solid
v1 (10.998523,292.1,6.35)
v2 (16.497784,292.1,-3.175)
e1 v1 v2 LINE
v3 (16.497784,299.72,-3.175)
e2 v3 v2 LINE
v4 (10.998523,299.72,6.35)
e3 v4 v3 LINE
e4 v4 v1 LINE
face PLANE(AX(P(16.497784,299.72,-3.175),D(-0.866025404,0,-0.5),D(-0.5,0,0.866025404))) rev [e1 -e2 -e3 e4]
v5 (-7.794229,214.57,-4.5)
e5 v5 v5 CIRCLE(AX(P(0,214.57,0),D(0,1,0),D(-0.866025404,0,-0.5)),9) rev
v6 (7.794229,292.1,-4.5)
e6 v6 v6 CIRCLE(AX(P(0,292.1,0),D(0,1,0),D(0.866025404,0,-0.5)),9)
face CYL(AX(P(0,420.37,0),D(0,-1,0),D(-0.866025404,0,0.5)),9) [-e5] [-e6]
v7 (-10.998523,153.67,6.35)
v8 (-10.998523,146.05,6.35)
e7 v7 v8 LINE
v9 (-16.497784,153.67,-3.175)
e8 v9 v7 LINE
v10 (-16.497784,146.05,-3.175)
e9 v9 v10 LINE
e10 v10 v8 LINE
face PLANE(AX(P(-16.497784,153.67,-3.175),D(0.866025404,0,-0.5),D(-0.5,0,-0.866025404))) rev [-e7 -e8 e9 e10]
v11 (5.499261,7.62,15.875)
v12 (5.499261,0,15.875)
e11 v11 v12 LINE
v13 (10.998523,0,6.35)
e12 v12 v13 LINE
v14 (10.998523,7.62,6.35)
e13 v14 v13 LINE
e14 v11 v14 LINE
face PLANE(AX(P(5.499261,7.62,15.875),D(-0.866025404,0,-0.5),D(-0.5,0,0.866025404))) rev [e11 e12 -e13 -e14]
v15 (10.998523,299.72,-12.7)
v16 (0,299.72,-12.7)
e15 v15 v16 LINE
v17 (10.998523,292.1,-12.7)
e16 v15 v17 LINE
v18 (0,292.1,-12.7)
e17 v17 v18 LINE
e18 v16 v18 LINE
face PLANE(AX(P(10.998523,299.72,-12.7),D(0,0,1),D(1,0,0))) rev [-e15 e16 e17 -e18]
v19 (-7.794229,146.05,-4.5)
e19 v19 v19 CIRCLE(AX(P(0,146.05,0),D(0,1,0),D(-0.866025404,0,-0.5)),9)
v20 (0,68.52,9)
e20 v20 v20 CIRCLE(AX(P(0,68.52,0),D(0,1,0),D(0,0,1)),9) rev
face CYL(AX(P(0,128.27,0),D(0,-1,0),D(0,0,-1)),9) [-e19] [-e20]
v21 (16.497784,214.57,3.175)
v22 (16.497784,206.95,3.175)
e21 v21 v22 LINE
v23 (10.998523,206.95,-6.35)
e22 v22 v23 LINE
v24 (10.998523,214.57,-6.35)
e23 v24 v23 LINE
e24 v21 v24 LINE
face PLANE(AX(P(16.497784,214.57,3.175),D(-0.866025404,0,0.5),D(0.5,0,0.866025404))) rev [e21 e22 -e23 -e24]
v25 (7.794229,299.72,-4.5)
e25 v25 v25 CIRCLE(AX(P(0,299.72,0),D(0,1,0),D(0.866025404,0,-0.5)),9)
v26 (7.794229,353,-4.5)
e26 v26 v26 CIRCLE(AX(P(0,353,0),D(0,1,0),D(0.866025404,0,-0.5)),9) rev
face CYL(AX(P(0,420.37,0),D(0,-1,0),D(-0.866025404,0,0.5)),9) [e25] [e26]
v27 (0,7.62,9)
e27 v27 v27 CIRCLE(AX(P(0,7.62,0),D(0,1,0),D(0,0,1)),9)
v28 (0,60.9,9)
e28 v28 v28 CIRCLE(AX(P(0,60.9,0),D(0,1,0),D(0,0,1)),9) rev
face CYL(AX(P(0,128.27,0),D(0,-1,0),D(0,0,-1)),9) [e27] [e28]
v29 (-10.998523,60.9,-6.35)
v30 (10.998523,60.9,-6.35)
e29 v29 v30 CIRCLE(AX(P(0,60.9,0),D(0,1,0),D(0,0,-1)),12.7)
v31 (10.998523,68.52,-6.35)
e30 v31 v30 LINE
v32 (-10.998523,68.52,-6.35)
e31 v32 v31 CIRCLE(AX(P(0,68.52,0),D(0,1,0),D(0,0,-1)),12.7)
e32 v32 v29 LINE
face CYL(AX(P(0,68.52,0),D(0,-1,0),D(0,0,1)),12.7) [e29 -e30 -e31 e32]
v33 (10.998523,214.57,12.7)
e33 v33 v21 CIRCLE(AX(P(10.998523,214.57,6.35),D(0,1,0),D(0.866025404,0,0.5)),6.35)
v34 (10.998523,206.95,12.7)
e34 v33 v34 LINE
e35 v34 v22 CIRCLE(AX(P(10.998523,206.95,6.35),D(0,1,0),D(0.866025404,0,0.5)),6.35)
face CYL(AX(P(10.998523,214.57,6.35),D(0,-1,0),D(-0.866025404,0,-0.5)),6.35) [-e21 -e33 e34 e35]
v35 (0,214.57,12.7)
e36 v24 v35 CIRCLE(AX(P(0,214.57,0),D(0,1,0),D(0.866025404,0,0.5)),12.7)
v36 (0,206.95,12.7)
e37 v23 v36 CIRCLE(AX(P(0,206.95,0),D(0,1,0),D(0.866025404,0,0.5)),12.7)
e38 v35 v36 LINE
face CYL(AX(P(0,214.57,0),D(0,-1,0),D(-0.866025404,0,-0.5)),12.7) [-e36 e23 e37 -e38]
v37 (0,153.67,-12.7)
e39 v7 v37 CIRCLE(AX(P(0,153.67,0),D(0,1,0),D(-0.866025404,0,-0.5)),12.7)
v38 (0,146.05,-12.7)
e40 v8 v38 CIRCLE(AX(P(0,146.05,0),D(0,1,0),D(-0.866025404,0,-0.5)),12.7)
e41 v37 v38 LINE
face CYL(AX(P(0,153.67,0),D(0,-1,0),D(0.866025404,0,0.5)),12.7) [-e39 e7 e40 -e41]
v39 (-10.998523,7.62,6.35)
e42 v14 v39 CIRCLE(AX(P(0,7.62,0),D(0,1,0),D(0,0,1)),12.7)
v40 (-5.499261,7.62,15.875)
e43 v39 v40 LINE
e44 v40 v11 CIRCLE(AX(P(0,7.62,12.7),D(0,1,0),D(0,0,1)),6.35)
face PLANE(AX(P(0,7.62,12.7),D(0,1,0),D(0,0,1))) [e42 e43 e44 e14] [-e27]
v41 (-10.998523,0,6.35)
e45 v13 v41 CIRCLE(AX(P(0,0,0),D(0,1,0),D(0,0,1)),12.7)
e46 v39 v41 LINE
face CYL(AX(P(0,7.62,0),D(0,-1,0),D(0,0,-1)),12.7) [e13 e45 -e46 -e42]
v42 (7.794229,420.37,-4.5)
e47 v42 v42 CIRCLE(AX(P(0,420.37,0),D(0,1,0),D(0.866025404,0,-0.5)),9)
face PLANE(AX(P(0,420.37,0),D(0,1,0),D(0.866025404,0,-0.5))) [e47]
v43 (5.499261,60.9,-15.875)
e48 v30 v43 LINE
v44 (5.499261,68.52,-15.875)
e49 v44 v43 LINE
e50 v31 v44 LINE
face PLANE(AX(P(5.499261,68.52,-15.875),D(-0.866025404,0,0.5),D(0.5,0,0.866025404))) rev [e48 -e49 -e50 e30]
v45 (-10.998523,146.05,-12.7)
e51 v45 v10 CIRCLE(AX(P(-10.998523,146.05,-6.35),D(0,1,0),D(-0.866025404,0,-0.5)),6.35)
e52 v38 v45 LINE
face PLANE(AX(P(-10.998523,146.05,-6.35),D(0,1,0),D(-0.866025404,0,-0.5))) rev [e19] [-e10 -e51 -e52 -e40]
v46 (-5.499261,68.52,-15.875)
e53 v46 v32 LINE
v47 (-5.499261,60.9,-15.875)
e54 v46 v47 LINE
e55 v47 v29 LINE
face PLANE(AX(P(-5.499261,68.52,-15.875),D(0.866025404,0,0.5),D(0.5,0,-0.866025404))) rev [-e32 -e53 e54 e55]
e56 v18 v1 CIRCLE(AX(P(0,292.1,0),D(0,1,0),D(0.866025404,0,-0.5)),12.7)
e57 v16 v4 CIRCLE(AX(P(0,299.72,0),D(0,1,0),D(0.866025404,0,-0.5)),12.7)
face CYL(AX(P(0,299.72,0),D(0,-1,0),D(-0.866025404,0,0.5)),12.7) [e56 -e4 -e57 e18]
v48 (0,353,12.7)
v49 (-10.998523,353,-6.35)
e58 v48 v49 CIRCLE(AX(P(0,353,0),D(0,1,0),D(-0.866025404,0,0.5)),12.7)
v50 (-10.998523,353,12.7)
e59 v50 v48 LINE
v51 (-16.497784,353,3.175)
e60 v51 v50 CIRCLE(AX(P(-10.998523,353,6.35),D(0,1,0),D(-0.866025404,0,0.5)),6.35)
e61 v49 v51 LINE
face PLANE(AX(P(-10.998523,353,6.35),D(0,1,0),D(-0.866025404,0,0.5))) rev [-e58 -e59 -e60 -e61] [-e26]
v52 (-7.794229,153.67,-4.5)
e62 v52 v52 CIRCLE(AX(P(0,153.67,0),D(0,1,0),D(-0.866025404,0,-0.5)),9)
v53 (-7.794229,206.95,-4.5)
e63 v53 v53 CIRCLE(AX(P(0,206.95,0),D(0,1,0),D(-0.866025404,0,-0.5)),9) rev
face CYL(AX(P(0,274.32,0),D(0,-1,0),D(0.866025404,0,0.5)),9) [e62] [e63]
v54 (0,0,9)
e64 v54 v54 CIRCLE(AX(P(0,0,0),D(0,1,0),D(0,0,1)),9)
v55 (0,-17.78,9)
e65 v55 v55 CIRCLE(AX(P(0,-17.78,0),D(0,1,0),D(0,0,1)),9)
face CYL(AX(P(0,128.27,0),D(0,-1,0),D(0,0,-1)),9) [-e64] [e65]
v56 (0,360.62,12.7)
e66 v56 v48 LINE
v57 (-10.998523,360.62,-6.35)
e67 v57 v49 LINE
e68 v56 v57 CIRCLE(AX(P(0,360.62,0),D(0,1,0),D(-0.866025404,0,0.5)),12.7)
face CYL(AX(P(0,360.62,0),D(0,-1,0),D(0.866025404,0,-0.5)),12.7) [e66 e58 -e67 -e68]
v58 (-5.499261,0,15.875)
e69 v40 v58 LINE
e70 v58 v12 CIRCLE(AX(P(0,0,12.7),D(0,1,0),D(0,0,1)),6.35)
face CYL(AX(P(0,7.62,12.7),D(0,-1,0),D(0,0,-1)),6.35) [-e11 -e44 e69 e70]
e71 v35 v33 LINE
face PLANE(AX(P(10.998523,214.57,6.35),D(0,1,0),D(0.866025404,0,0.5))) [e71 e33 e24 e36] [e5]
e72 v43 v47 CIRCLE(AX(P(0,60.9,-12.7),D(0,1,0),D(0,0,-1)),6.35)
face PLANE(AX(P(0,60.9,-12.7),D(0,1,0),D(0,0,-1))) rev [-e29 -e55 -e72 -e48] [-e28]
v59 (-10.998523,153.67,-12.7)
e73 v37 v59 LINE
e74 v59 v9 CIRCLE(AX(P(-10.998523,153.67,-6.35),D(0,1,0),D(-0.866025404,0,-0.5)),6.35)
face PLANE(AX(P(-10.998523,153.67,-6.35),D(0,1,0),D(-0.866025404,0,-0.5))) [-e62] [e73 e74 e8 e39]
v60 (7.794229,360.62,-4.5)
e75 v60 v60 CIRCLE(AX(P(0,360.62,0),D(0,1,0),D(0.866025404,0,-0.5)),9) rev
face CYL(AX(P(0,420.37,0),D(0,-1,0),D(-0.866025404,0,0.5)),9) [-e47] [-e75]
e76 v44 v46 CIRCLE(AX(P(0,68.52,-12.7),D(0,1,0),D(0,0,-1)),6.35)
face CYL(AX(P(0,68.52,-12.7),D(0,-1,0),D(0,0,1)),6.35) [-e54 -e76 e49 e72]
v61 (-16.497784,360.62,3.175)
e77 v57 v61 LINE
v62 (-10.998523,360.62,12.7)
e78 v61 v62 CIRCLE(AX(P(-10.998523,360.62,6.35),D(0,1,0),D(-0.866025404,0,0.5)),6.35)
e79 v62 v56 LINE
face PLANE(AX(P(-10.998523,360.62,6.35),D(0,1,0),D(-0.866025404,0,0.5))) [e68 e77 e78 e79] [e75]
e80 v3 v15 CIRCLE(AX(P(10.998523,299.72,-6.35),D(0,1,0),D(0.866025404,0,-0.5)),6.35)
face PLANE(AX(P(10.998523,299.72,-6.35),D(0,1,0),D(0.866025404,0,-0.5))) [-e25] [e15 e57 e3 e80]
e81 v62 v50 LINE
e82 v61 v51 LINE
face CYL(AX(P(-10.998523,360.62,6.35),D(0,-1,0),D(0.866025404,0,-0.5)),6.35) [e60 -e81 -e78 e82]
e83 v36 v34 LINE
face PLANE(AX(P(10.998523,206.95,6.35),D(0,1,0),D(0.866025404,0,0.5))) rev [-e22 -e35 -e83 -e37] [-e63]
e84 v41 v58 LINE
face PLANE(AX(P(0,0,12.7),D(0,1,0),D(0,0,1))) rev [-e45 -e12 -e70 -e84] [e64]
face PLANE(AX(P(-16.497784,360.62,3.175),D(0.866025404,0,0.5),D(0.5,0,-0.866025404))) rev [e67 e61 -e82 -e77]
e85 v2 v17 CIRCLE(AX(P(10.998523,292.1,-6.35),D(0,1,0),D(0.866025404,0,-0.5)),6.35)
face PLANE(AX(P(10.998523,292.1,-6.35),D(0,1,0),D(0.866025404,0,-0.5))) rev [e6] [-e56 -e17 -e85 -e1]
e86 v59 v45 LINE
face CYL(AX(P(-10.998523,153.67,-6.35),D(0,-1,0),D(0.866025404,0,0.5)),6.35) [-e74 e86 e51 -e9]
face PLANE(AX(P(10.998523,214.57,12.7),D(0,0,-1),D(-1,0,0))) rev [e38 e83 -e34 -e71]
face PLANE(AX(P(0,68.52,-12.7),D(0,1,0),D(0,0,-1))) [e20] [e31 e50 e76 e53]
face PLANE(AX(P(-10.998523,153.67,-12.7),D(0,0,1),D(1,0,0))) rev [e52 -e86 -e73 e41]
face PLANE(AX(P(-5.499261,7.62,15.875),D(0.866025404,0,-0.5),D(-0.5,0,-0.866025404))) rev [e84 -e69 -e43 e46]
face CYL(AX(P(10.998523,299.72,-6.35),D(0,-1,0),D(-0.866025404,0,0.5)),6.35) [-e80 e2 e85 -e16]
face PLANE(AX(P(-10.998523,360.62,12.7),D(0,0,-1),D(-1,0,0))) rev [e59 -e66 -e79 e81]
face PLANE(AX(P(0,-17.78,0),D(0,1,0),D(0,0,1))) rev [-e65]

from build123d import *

# Parameters (mm, degrees)
BOSS_EXTRUDE5_DEPTH   = 7.62
BODY_MOVE_COPY3_ANGLE = 180
BOSS_EXTRUDE7_START   = -25.4
SKETCH7_R             = 9
BOSS_EXTRUDE7_DEPTH   = 146.05
LPATTERN1_COUNT       = 3
LPATTERN1_PITCH       = 146.05
BODY_MOVE_COPY4_ANGLE = 120
BODY_MOVE_COPY5_ANGLE = 120


with BuildPart() as part:
    # Sketch6 → Boss-Extrude5 (new body)
    with BuildSketch(Plane(origin=(0, 0, 0), x_dir=(-1, 0, 0), z_dir=(0, 1, 0))):
        with BuildLine():
            Line((-5.499261314, 15.875), (-10.998522628, 6.35))
            ThreePointArc((-10.998522628, 6.35), (0, -12.7), (10.998522628, 6.35))
            Line((10.998522628, 6.35), (5.499261314, 15.875))
            ThreePointArc((5.499261314, 15.875), (0, 19.05), (-5.499261314, 15.875))
        make_face()
    extrude(amount=BOSS_EXTRUDE5_DEPTH)


with BuildPart() as body_2:
    # Body-Move/Copy2: copy of part
    add(part.part.moved(Location((0, 60.9, 0))))


with BuildPart() as body_2_1:
    # Body-Move/Copy3: moved
    add(body_2.part.rotate(Axis((0, 0, 0), (0, 1, 0)), BODY_MOVE_COPY3_ANGLE))


with BuildPart() as part_1:
    add(part.part)

    add(body_2_1.part)  # Boss-Extrude7 merges body 2
    # Sketch7 → Boss-Extrude7 (add)
    with BuildSketch(Plane(origin=(0, 7.62, 0), x_dir=(-1, 0, 0), z_dir=(0, 1, 0)).offset(BOSS_EXTRUDE7_START)):
        Circle(SKETCH7_R)
    extrude(amount=BOSS_EXTRUDE7_DEPTH)


with BuildPart() as lpattern1_1:
    # LPattern1: pattern copy
    add(part_1.part.moved(Location(Vector(0, 1, 0) * (1 * LPATTERN1_PITCH))))


with BuildPart() as lpattern1_2:
    # LPattern1: pattern copy
    add(part_1.part.moved(Location(Vector(0, 1, 0) * (2 * LPATTERN1_PITCH))))


with BuildPart() as lpattern1_1_1:
    # Body-Move/Copy4: moved
    add(lpattern1_1.part.rotate(Axis((0, 0, 0), (0, -1, 0)), BODY_MOVE_COPY4_ANGLE))


with BuildPart() as lpattern1_2_1:
    # Body-Move/Copy5: moved
    add(lpattern1_2.part.rotate(Axis((0, 0, 0), (0, 1, 0)), BODY_MOVE_COPY5_ANGLE))

    # Combine1: union part, LPattern1_1
    add(part_1.part)
    add(lpattern1_1_1.part)


solid = lpattern1_2_1.part
